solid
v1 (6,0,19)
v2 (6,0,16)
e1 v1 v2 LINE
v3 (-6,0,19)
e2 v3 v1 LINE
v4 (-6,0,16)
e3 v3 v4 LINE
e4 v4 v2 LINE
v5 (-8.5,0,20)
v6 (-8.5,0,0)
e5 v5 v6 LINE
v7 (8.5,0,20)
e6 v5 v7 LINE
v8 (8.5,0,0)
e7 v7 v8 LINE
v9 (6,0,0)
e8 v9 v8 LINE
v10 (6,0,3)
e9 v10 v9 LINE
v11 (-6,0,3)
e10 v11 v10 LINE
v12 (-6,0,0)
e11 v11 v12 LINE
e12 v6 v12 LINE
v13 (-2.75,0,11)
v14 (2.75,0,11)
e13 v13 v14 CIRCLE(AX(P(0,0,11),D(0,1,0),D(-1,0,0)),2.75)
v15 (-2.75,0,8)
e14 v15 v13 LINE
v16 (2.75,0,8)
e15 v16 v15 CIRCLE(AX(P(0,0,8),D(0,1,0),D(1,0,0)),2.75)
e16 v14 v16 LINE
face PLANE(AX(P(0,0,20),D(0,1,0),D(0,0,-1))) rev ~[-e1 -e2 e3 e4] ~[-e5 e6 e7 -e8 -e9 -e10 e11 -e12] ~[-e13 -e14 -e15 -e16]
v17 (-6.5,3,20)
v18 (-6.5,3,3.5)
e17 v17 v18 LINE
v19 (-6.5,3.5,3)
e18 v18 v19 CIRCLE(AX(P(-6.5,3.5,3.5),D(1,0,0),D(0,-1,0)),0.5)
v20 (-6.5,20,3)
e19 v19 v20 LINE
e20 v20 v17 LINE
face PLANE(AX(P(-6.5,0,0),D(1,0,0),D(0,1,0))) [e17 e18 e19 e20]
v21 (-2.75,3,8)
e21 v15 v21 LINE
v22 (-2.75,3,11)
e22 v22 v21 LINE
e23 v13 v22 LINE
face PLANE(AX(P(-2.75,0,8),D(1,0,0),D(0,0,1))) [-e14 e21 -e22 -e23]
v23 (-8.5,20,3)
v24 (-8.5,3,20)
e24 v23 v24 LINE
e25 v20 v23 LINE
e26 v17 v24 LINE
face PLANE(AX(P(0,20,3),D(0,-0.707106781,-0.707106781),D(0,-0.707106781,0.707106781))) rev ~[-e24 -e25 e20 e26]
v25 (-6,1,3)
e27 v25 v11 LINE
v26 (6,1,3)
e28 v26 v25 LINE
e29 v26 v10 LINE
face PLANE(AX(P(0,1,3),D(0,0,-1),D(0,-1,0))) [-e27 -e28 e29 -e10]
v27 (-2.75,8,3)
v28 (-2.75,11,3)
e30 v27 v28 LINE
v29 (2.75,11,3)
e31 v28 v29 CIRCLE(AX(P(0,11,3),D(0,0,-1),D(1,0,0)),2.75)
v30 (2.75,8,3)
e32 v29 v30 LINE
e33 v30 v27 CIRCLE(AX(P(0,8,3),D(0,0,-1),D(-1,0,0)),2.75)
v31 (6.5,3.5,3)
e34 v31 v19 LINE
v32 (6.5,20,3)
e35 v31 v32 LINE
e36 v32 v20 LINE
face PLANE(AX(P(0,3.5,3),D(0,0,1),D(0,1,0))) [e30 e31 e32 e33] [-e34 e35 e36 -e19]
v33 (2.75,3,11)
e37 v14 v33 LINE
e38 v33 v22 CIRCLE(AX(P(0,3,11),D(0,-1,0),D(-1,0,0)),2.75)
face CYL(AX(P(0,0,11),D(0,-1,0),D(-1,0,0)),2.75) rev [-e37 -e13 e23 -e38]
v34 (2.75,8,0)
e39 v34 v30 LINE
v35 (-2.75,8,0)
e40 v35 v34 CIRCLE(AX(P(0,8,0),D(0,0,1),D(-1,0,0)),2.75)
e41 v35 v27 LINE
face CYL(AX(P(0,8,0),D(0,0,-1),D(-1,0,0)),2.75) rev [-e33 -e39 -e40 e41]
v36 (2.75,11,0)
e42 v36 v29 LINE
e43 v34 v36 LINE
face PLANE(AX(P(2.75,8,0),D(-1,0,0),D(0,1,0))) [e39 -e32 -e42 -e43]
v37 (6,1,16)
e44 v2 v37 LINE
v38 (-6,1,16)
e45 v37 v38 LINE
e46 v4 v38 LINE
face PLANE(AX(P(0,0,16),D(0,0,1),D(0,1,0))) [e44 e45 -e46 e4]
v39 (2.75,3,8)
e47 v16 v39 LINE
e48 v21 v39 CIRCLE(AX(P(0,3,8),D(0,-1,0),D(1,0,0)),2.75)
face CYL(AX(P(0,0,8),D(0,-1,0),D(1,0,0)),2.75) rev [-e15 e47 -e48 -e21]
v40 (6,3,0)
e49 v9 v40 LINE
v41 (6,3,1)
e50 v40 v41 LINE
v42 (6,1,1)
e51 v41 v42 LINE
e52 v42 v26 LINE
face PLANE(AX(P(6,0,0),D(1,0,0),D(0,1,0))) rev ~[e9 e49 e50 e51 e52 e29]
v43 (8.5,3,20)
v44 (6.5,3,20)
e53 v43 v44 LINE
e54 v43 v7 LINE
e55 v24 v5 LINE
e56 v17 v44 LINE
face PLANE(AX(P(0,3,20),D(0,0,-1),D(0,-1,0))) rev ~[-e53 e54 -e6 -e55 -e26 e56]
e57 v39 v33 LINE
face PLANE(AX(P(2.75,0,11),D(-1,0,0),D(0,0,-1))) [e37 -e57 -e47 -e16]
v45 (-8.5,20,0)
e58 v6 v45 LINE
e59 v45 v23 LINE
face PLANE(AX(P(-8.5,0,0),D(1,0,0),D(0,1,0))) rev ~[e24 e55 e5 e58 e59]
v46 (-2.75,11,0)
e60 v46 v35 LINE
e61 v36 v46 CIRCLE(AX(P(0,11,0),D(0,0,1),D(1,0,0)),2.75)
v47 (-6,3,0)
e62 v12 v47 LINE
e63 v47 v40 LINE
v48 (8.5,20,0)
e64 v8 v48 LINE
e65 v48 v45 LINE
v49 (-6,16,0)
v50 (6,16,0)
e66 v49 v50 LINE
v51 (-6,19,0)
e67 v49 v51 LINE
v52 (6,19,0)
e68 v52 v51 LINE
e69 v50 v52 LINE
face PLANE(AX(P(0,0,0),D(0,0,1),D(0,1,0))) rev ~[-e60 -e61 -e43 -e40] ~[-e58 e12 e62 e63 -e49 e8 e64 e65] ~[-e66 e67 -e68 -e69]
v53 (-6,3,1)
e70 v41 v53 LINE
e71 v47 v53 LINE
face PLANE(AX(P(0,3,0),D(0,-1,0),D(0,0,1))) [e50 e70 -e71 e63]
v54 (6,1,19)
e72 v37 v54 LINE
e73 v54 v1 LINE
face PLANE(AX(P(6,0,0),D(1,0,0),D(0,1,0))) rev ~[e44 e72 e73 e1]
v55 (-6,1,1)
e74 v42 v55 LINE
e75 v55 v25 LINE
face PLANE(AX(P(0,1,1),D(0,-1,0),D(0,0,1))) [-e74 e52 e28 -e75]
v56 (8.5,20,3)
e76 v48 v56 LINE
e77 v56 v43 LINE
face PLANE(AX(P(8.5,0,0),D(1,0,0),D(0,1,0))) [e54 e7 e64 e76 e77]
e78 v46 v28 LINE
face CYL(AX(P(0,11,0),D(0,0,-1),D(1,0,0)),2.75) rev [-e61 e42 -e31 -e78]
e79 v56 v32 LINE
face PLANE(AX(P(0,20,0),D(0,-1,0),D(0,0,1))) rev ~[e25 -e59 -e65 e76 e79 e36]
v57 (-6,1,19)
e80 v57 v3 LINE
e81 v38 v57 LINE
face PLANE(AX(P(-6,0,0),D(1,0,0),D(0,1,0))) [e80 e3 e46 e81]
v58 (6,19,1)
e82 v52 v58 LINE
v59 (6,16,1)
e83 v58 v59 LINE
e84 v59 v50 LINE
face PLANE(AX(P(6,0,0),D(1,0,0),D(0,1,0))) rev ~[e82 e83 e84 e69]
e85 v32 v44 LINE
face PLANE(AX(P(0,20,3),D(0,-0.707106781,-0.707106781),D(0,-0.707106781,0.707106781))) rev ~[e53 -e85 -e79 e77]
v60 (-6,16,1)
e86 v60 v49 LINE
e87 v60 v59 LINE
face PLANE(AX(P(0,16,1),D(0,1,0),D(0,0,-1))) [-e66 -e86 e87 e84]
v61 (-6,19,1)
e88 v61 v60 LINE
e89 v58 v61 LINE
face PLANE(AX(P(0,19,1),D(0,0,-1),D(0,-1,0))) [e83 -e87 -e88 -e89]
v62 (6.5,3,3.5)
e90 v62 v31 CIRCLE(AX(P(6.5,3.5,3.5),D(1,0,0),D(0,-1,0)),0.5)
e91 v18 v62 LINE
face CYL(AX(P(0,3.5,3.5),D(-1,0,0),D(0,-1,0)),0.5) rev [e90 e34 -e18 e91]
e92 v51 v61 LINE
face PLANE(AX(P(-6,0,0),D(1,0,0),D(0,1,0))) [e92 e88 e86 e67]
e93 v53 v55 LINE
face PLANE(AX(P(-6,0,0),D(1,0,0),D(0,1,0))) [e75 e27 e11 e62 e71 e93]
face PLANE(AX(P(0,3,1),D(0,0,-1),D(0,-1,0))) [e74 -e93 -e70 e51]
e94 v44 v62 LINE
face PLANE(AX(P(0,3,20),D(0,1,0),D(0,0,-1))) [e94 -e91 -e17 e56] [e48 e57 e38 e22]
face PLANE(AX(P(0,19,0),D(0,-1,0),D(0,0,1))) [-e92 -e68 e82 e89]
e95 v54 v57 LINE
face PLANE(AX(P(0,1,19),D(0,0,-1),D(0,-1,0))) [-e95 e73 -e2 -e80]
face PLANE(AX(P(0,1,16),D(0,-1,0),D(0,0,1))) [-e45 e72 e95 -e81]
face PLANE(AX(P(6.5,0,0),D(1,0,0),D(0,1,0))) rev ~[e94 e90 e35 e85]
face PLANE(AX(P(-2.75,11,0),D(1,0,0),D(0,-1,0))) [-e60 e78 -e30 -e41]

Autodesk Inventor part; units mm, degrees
ref_plane "YZ Plane" through (0, 0, 0) normal (1, 0, 0) x (0, 1, 0)
ref_plane "XZ Plane" through (0, 0, 0) normal (0, 1, 0) x (-1, 0, 0)
ref_plane "XY Plane" through (0, 0, 0) normal (0, 0, 1) x (1, 0, 0)
sketch "Sketch_1" plane through (0, 0, 0) normal (1, 0, 0) x (0, 1, 0)
  line L0 (0, 20) -> (0, 0)
  line L1 (0, 0) -> (20, 0)
  line L2 (20, 0) -> (20, 3)
  line L3 (20, 3) -> (3, 20)
  line L4 (3, 20) -> (0, 20)
extrude "Extrusion1" add sketch "Sketch_1" along normal mid plane 17
sketch "Sketch_2" plane through (0, 0, 0) normal (1, 0, 0) x (0, 1, 0)
  line L0 (3, 20) -> (3, 3.5)
  arc A0 (3, 3.5) -> (3.5, 3) centre (3.5, 3.5) ccw
  line L1 (3.5, 3) -> (20, 3)
  line L2 (20, 3) -> (3, 20)
extrude "Extrusion2" cut sketch "Sketch_2" along normal mid plane 13
sketch "Sketch_3" plane through (0, 0, 0) normal (1, 0, 0) x (0, 1, 0)
  line L0 (0, 3) -> (0, 0)
  line L1 (0, 0) -> (3, 0)
  line L2 (3, 0) -> (3, 1)
  line L3 (3, 1) -> (1, 1)
  line L4 (1, 1) -> (1, 3)
  line L5 (1, 3) -> (0, 3)
extrude "Extrusion3" cut sketch "Sketch_3" along normal mid plane 12
sketch "Sketch_4" plane through (0, 0, 0) normal (1, 0, 0) x (0, 1, 0)
  line L0 (0, 19) -> (0, 16)
  line L1 (0, 16) -> (1, 16)
  line L2 (1, 16) -> (1, 19)
  line L3 (1, 19) -> (0, 19)
extrude "Extrusion4" cut sketch "Sketch_4" along normal mid plane 12
sketch "Sketch_5" plane through (0, 0, 0) normal (1, 0, 0) x (0, 1, 0)
  line L0 (16, 1) -> (16, 0)
  line L1 (16, 0) -> (19, 0)
  line L2 (19, 0) -> (19, 1)
  line L3 (19, 1) -> (16, 1)
extrude "Extrusion5" cut sketch "Sketch_5" along normal mid plane 12
sketch "Sketch_10" plane through (0, 0, 0) normal (0, 1, 0) x (-1, 0, 0)
  line L0 (2.75, 8) -> (2.75, 11)
  arc A0 (2.75, 11) -> (-2.75, 11) centre (0, 11) ccw
  line L1 (-2.75, 11) -> (-2.75, 8)
  arc A1 (-2.75, 8) -> (2.75, 8) centre (0, 8) ccw
extrude "Extrusion6" cut sketch "Sketch_10" along normal blind 5
sketch "Sketch_11" plane through (0, 0, 0) normal (0, 0, 1) x (1, 0, 0)
  arc A0 (-2.75, 8) -> (2.75, 8) centre (0, 8) ccw
  line L0 (2.75, 8) -> (2.75, 11)
  arc A1 (2.75, 11) -> (-2.75, 11) centre (0, 11) ccw
  line L1 (-2.75, 11) -> (-2.75, 8)
extrude "Extrusion7" cut sketch "Sketch_11" along normal blind 5
properties part number "14056_m"
